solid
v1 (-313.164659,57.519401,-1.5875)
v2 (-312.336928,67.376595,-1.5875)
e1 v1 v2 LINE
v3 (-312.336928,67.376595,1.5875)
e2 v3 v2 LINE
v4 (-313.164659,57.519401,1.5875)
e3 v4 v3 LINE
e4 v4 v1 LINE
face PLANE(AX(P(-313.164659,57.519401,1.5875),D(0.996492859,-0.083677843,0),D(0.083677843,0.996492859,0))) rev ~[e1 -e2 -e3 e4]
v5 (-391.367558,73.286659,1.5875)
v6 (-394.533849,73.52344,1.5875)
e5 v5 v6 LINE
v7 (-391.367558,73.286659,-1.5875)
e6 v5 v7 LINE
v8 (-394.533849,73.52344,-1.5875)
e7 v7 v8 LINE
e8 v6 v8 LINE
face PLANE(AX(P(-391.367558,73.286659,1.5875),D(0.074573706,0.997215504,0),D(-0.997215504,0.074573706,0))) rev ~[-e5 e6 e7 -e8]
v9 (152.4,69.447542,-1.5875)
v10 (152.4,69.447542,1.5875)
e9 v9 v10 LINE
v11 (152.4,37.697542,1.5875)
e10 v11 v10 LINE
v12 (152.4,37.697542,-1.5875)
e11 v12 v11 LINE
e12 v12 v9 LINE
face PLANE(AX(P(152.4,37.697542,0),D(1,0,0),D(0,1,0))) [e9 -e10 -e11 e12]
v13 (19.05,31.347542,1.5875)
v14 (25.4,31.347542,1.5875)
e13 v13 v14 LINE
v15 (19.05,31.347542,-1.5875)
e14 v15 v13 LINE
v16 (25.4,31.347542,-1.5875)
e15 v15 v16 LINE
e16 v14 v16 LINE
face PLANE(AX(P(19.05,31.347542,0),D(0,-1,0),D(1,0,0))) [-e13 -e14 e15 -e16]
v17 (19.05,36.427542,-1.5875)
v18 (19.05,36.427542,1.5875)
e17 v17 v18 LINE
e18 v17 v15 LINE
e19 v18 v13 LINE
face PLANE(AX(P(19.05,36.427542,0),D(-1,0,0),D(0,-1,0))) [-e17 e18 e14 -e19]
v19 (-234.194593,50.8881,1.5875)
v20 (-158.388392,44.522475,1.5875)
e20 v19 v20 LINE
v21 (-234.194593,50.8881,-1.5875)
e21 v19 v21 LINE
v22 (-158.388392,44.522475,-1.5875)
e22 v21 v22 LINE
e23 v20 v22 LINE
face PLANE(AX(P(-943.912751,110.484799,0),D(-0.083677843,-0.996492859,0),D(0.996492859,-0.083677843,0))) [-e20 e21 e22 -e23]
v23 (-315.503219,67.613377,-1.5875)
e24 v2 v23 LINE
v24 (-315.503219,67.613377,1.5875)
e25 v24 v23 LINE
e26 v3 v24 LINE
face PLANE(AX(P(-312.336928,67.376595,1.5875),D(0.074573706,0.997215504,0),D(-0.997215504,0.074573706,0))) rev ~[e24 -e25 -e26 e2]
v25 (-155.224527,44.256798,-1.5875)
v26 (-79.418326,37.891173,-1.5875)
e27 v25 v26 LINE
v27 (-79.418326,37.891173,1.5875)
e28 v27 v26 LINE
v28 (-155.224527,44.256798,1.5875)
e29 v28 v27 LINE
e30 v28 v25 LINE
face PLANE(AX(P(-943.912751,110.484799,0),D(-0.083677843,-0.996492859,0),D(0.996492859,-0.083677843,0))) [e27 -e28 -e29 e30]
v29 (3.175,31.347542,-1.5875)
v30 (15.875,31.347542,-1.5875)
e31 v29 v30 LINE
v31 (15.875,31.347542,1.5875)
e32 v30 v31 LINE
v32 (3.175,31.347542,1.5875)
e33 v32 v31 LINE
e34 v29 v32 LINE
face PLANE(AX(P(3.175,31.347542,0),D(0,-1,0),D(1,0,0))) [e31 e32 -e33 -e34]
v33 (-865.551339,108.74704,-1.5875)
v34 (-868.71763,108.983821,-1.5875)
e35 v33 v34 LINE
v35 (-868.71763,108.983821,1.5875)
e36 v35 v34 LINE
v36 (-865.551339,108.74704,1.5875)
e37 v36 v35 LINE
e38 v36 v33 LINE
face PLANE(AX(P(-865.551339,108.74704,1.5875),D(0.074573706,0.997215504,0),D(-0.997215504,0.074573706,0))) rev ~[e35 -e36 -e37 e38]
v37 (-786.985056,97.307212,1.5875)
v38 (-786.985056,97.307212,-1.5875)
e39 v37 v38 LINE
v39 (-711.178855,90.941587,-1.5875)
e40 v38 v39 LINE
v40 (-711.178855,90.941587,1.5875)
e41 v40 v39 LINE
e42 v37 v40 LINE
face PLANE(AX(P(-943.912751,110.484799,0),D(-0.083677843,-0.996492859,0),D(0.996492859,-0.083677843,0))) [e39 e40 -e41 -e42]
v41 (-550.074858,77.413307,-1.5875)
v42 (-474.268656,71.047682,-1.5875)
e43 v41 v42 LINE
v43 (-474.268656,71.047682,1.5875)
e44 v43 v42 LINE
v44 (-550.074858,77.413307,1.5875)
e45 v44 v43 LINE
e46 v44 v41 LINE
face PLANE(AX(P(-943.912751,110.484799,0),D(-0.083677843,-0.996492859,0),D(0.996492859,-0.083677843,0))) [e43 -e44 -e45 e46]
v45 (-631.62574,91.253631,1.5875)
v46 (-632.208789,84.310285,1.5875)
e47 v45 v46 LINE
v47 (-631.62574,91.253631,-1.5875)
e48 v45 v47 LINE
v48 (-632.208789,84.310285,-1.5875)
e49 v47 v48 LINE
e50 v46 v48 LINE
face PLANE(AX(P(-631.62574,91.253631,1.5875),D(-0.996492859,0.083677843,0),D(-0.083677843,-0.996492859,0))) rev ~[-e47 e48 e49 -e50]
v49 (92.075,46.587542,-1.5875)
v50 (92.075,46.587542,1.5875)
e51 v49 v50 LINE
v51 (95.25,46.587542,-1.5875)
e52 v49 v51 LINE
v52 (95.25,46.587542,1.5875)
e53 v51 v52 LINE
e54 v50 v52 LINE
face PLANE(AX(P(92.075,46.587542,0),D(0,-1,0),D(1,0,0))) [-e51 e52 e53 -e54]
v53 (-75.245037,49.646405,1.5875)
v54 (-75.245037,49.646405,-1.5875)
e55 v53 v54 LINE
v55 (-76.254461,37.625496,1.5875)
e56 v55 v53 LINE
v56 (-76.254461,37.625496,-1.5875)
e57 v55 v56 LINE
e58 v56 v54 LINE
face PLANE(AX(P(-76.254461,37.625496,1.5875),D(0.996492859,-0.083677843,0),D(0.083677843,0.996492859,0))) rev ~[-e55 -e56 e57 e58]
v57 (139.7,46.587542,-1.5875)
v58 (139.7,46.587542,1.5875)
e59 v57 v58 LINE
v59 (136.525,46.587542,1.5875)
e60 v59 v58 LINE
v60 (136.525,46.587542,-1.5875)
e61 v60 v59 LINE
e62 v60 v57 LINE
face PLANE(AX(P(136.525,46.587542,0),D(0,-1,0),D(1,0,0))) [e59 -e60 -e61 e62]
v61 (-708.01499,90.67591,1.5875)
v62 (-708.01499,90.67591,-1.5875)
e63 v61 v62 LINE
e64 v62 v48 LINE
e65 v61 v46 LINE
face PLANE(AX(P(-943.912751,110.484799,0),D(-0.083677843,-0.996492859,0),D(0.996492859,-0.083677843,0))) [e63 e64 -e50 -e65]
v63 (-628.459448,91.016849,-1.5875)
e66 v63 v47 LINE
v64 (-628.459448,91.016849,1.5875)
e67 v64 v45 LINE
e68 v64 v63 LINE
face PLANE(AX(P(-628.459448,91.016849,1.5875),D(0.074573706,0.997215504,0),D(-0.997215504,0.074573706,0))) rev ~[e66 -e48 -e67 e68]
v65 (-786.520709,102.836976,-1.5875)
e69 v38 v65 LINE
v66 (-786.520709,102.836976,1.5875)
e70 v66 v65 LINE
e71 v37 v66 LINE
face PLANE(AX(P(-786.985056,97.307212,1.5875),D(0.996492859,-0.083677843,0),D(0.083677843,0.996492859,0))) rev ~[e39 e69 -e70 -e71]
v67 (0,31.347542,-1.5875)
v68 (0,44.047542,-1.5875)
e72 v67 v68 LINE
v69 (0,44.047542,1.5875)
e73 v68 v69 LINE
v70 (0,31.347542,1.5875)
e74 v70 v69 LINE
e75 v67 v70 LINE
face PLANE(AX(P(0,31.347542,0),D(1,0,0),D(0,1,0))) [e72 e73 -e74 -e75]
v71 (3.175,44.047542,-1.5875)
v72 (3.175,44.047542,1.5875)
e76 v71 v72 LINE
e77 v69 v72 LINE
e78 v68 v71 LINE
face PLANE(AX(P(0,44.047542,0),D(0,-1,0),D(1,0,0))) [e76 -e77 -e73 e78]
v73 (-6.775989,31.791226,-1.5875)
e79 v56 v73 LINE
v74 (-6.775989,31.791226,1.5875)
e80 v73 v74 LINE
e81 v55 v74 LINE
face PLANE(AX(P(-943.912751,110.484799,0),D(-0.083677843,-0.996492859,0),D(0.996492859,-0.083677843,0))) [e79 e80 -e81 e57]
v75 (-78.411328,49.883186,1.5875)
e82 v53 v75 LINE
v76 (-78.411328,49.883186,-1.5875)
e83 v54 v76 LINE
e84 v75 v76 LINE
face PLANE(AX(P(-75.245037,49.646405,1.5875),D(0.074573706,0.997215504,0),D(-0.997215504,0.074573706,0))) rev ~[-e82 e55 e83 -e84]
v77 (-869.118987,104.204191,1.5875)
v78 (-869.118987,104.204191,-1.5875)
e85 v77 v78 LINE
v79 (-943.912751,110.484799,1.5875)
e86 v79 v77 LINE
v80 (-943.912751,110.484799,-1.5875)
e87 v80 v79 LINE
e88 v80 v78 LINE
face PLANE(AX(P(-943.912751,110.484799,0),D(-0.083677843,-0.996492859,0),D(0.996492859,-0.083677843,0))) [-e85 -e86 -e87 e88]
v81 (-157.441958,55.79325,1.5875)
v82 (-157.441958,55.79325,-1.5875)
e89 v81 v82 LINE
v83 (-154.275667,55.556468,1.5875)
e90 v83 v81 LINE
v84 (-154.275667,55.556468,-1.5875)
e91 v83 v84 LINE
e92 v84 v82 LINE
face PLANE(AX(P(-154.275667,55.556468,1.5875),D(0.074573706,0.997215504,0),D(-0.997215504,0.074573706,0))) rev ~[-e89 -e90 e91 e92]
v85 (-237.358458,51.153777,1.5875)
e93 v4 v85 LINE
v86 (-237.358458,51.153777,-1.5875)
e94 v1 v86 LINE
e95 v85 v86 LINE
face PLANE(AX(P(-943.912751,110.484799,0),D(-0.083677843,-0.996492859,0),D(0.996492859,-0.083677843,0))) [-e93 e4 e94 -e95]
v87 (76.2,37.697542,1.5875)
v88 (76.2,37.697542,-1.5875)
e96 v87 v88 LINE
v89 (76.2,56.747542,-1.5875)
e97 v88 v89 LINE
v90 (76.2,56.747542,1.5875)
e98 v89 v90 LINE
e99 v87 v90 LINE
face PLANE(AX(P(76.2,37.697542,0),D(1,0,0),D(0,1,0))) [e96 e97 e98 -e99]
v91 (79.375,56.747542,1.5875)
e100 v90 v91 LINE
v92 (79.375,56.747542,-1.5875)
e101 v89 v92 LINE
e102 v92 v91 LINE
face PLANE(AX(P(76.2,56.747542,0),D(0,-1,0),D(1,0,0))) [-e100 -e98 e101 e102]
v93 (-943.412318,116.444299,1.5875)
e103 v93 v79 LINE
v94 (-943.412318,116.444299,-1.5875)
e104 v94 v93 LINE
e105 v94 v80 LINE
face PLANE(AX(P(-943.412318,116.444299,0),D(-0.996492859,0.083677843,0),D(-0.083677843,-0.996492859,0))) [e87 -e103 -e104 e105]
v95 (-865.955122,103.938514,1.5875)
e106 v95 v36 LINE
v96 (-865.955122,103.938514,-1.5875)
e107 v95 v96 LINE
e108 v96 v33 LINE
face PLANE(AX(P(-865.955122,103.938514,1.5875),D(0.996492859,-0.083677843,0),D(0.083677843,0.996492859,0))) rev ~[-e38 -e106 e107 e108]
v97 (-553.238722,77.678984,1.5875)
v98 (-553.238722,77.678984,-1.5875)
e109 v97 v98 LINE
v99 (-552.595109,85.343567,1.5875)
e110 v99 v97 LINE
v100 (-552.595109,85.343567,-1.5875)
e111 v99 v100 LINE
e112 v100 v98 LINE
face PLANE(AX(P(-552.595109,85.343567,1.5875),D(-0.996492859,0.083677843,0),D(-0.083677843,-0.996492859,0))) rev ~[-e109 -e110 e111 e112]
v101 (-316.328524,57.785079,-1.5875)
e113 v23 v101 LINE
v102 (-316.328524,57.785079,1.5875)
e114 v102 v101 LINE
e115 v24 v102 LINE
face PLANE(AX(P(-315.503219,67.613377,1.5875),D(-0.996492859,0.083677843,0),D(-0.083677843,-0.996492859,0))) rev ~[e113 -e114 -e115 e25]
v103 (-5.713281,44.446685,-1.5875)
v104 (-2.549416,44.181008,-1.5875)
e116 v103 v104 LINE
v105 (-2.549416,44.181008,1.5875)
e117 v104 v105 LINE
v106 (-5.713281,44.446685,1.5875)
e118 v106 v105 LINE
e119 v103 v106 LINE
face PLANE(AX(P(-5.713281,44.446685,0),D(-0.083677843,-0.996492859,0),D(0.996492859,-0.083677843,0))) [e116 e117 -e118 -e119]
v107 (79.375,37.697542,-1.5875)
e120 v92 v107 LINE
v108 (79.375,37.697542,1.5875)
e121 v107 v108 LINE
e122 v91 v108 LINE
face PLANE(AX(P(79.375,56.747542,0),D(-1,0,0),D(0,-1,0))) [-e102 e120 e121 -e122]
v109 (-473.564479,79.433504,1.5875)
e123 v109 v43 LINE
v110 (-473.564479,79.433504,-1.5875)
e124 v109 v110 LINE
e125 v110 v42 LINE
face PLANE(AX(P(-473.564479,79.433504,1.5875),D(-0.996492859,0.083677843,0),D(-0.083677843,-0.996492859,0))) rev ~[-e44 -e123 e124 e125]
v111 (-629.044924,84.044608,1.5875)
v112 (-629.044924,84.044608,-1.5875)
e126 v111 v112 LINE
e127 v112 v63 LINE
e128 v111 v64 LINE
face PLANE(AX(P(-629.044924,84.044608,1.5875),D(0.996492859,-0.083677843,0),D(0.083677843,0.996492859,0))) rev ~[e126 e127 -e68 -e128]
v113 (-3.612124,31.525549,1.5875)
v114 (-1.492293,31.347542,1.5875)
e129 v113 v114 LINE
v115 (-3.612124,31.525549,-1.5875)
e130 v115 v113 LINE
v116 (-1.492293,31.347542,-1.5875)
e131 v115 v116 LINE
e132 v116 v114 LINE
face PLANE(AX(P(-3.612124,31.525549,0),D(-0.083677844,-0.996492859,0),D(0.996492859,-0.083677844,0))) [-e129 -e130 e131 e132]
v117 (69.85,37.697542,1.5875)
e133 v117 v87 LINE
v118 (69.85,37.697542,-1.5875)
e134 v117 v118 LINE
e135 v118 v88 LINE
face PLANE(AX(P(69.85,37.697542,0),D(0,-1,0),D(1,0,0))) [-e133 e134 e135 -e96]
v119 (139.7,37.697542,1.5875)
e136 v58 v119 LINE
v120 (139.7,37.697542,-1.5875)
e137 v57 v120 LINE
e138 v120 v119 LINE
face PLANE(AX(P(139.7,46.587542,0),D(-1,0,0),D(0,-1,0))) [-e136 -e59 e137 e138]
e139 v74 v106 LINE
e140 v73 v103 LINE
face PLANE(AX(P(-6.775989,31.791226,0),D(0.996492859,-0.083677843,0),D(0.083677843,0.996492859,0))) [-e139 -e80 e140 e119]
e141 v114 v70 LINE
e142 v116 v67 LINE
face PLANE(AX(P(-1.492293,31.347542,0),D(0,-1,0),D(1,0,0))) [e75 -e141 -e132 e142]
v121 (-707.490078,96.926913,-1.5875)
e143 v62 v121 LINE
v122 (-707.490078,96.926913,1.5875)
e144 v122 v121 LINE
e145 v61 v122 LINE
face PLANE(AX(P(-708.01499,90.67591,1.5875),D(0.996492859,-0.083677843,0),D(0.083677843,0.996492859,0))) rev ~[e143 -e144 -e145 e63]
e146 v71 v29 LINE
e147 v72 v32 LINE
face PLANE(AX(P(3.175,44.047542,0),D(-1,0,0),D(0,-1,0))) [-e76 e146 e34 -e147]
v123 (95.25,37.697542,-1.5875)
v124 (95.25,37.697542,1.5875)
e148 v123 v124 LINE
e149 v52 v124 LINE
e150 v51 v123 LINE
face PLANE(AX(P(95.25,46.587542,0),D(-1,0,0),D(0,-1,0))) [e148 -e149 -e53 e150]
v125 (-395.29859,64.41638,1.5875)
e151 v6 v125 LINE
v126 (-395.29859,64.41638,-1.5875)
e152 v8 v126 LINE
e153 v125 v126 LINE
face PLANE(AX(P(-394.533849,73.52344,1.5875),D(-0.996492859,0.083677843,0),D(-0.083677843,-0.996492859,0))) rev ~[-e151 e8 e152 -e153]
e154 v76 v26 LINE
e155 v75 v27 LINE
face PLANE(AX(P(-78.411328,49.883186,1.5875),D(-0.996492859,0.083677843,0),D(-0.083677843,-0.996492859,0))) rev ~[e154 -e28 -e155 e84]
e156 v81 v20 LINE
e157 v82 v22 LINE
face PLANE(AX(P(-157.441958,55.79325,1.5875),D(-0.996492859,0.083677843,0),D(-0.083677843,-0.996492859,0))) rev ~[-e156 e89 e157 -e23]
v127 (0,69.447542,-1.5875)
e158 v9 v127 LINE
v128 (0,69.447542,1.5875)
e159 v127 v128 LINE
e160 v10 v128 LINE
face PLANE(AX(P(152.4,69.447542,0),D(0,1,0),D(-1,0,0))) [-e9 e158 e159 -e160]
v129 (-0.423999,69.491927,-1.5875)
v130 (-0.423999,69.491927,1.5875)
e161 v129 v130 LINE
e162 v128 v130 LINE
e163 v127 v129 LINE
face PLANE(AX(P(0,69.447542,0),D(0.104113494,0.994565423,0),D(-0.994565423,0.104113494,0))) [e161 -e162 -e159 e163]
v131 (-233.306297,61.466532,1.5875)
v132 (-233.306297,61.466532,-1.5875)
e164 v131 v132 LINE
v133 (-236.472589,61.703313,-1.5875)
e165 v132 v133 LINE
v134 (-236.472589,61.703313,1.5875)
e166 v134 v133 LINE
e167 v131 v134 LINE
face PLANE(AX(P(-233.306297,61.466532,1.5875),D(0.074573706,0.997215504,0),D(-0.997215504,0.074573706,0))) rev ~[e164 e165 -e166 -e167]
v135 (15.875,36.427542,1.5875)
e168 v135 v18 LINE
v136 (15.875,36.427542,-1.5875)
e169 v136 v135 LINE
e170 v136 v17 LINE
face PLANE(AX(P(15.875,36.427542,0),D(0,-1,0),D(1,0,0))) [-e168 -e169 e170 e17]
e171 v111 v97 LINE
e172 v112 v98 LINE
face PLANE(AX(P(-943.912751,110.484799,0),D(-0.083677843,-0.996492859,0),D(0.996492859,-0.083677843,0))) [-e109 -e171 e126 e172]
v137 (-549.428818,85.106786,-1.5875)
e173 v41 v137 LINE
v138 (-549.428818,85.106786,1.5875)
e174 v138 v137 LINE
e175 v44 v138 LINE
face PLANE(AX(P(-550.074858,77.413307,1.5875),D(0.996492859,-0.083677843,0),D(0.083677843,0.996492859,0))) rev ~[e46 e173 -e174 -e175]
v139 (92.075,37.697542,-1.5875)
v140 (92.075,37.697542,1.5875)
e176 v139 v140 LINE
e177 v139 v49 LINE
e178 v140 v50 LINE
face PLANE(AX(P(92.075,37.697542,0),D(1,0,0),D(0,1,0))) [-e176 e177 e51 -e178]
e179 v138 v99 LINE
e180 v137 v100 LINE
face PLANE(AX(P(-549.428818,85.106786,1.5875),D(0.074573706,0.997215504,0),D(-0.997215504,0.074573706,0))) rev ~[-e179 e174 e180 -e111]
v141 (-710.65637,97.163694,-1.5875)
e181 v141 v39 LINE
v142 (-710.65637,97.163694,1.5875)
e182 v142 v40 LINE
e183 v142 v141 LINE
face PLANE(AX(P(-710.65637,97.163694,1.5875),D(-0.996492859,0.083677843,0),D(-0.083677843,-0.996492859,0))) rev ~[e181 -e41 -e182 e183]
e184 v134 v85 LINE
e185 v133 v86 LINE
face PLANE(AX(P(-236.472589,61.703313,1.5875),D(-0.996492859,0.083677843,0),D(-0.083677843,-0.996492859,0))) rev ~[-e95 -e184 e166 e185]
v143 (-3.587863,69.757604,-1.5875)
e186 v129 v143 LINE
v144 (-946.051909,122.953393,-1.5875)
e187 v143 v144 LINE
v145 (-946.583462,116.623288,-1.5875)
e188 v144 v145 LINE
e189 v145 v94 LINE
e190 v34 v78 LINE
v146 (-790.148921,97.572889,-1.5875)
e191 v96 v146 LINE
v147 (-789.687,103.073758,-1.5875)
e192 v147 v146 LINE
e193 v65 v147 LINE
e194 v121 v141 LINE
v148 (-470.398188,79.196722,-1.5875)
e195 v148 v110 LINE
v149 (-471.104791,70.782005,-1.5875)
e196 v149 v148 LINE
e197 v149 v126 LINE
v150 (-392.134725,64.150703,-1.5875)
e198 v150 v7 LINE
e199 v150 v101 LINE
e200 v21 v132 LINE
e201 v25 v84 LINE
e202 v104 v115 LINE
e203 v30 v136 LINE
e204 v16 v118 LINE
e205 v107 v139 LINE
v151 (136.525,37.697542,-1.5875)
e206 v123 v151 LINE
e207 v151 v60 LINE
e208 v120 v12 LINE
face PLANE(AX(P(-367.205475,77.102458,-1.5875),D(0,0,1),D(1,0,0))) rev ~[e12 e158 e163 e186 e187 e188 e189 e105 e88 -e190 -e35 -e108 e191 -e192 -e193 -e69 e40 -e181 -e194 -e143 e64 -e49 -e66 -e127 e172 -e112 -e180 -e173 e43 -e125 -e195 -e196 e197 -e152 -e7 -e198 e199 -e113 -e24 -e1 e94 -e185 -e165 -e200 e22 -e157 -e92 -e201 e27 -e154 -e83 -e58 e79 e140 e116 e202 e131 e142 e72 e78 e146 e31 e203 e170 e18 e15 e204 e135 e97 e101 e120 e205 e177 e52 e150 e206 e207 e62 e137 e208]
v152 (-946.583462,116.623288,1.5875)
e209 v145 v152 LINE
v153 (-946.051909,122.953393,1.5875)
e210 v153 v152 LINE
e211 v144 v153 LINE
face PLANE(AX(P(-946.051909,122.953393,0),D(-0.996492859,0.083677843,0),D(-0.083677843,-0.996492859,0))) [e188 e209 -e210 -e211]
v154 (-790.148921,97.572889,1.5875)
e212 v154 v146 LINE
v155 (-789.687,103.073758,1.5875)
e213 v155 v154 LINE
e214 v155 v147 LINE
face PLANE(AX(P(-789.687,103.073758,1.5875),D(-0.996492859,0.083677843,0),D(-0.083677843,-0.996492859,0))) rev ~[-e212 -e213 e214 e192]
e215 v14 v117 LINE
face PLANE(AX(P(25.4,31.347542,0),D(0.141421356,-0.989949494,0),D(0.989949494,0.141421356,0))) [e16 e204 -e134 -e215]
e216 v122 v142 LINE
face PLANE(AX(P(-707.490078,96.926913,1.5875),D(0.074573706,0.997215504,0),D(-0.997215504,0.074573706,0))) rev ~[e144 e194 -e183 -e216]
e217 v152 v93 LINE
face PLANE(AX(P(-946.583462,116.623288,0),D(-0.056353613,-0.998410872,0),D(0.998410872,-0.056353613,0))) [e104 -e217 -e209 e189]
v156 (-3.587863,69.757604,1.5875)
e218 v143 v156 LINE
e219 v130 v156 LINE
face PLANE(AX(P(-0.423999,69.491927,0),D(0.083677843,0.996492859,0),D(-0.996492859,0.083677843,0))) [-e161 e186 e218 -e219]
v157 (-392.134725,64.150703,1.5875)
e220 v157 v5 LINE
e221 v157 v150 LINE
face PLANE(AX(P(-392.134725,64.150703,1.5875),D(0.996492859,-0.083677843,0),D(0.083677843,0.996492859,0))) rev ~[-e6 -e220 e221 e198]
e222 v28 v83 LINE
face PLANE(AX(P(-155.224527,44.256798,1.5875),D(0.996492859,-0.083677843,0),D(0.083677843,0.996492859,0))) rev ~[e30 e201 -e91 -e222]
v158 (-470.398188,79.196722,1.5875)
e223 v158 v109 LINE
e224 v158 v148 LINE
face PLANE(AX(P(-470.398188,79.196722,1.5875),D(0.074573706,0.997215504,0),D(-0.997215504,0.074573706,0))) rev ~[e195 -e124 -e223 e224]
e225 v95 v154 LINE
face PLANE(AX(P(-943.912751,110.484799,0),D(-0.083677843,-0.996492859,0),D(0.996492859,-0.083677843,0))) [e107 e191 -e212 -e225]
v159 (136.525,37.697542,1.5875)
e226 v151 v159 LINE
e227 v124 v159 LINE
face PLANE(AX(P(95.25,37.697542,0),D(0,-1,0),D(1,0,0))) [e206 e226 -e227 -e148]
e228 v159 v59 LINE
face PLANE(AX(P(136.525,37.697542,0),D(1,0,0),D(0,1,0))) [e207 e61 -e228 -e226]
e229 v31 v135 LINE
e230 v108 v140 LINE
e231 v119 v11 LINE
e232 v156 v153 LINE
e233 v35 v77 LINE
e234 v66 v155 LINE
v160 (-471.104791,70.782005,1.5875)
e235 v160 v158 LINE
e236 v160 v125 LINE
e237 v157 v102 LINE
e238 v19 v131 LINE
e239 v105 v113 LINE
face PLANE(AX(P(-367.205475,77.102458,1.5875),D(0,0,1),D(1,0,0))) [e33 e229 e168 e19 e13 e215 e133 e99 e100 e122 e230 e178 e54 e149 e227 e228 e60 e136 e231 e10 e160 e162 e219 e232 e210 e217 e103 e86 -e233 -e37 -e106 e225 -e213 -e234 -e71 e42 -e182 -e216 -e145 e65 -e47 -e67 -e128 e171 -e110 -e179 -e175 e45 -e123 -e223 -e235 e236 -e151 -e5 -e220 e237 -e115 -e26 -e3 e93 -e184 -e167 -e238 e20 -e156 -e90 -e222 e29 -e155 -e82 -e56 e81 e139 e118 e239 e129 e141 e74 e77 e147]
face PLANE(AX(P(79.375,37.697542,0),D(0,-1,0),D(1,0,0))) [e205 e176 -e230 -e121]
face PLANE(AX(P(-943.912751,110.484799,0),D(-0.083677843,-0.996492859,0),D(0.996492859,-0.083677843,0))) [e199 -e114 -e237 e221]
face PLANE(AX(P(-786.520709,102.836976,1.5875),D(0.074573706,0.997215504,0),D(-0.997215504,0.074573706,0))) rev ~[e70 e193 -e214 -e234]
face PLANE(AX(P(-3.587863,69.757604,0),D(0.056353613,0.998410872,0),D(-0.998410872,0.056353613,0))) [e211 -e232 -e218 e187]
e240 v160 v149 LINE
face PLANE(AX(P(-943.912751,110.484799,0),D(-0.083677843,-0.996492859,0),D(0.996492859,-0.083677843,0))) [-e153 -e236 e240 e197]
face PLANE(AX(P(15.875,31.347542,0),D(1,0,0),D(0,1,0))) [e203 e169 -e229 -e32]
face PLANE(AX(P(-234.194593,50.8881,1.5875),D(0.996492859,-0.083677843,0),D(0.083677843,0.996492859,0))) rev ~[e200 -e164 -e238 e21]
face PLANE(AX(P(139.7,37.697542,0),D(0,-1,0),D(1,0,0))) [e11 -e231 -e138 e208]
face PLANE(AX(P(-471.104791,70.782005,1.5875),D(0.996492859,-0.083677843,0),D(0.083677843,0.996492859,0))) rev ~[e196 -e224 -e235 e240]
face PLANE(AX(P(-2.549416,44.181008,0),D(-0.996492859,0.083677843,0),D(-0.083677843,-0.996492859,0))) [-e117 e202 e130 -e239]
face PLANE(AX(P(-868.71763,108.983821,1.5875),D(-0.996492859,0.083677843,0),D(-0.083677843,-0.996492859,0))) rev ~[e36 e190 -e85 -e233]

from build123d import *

# Parameters (mm, degrees)
BOSS_EXTRUDE1_DEPTH = 1.5875
CUT_EXTRUDE1_DEPTH  = 4.175


with BuildPart() as part:
    # Sketch1 → Boss-Extrude1 (new body, symmetric)
    with BuildSketch(Plane.XY):
        Polygon((76.2, 37.697541537), (76.2, 56.747541537), (79.375, 56.747541537), (79.375, 37.697541537), (92.075, 37.697541537), (92.075, 46.587541537), (95.25, 46.587541537), (95.25, 37.697541537), (136.525, 37.697541537), (136.525, 46.587541537), (139.7, 46.587541537), (139.7, 37.697541537), (152.4, 37.697541537), (152.4, 69.447541537), (0, 69.447541537), (-0.423998633, 69.491926731), (-3.587863461, 69.757603883), (-946.051908629, 122.953392794), (-946.583462345, 116.623288424), (-943.412318182, 116.444298555), (-943.91275138, 110.48479854), (-6.775989292, 31.791225946), (-5.713280681, 44.446685258), (-2.549415853, 44.181008106), (-3.612124464, 31.525548794), (-1.492292584, 31.347541537), (0, 31.347541537), (0, 44.047541537), (3.175, 44.047541537), (3.175, 31.347541537), (15.875, 31.347541537), (15.875, 36.427541537), (19.05, 36.427541537), (19.05, 31.347541537), (25.4, 31.347541537), (69.85, 37.697541537), align=None)
    extrude(amount=BOSS_EXTRUDE1_DEPTH, both=True)

    # Sketch2 → Cut-Extrude1 (cut, through all)
    with BuildSketch(Plane.XY.offset(1.5875)):
        Polygon((-76.254460917, 37.625496217), (-75.245037036, 49.646404609), (-78.411328309, 49.883186), (-79.418325745, 37.891173369), align=None)
        Polygon((-155.224527027, 44.256797945), (-154.27566721, 55.556468134), (-157.441958483, 55.793249525), (-158.388391855, 44.522475098), align=None)
        Polygon((-234.194593137, 50.888099674), (-233.306297384, 61.466531659), (-236.472588657, 61.70331305), (-237.358457965, 51.153776826), align=None)
        Polygon((-313.164659247, 57.519401402), (-312.336927558, 67.376595183), (-315.503218831, 67.613376574), (-316.328524075, 57.785078555), align=None)
        Polygon((-392.134725356, 64.15070313), (-391.367557732, 73.286658708), (-394.533849005, 73.523440099), (-395.298590185, 64.416380283), align=None)
        Polygon((-471.104791466, 70.782004859), (-470.398187906, 79.196722233), (-473.564479179, 79.433503624), (-474.268656294, 71.047682011), align=None)
        Polygon((-550.074857576, 77.413306587), (-549.42881808, 85.106785757), (-552.595109353, 85.343567149), (-553.238722404, 77.67898374), align=None)
        Polygon((-629.044923686, 84.044608316), (-628.459448254, 91.016849282), (-631.625739527, 91.253630673), (-632.208788514, 84.310285468), align=None)
        Polygon((-708.014989796, 90.675910044), (-707.490078428, 96.926912807), (-710.656369701, 97.163694198), (-711.178854624, 90.941587197), align=None)
        Polygon((-786.985055905, 97.307211772), (-786.520708602, 102.836976331), (-789.686999875, 103.073757723), (-790.148920734, 97.572888925), align=None)
        Polygon((-865.955122015, 103.938513501), (-865.551338776, 108.747039856), (-868.717630049, 108.983821247), (-869.118986843, 104.204190653), align=None)
    extrude(amount=-CUT_EXTRUDE1_DEPTH, mode=Mode.SUBTRACT)


solid = part.part
